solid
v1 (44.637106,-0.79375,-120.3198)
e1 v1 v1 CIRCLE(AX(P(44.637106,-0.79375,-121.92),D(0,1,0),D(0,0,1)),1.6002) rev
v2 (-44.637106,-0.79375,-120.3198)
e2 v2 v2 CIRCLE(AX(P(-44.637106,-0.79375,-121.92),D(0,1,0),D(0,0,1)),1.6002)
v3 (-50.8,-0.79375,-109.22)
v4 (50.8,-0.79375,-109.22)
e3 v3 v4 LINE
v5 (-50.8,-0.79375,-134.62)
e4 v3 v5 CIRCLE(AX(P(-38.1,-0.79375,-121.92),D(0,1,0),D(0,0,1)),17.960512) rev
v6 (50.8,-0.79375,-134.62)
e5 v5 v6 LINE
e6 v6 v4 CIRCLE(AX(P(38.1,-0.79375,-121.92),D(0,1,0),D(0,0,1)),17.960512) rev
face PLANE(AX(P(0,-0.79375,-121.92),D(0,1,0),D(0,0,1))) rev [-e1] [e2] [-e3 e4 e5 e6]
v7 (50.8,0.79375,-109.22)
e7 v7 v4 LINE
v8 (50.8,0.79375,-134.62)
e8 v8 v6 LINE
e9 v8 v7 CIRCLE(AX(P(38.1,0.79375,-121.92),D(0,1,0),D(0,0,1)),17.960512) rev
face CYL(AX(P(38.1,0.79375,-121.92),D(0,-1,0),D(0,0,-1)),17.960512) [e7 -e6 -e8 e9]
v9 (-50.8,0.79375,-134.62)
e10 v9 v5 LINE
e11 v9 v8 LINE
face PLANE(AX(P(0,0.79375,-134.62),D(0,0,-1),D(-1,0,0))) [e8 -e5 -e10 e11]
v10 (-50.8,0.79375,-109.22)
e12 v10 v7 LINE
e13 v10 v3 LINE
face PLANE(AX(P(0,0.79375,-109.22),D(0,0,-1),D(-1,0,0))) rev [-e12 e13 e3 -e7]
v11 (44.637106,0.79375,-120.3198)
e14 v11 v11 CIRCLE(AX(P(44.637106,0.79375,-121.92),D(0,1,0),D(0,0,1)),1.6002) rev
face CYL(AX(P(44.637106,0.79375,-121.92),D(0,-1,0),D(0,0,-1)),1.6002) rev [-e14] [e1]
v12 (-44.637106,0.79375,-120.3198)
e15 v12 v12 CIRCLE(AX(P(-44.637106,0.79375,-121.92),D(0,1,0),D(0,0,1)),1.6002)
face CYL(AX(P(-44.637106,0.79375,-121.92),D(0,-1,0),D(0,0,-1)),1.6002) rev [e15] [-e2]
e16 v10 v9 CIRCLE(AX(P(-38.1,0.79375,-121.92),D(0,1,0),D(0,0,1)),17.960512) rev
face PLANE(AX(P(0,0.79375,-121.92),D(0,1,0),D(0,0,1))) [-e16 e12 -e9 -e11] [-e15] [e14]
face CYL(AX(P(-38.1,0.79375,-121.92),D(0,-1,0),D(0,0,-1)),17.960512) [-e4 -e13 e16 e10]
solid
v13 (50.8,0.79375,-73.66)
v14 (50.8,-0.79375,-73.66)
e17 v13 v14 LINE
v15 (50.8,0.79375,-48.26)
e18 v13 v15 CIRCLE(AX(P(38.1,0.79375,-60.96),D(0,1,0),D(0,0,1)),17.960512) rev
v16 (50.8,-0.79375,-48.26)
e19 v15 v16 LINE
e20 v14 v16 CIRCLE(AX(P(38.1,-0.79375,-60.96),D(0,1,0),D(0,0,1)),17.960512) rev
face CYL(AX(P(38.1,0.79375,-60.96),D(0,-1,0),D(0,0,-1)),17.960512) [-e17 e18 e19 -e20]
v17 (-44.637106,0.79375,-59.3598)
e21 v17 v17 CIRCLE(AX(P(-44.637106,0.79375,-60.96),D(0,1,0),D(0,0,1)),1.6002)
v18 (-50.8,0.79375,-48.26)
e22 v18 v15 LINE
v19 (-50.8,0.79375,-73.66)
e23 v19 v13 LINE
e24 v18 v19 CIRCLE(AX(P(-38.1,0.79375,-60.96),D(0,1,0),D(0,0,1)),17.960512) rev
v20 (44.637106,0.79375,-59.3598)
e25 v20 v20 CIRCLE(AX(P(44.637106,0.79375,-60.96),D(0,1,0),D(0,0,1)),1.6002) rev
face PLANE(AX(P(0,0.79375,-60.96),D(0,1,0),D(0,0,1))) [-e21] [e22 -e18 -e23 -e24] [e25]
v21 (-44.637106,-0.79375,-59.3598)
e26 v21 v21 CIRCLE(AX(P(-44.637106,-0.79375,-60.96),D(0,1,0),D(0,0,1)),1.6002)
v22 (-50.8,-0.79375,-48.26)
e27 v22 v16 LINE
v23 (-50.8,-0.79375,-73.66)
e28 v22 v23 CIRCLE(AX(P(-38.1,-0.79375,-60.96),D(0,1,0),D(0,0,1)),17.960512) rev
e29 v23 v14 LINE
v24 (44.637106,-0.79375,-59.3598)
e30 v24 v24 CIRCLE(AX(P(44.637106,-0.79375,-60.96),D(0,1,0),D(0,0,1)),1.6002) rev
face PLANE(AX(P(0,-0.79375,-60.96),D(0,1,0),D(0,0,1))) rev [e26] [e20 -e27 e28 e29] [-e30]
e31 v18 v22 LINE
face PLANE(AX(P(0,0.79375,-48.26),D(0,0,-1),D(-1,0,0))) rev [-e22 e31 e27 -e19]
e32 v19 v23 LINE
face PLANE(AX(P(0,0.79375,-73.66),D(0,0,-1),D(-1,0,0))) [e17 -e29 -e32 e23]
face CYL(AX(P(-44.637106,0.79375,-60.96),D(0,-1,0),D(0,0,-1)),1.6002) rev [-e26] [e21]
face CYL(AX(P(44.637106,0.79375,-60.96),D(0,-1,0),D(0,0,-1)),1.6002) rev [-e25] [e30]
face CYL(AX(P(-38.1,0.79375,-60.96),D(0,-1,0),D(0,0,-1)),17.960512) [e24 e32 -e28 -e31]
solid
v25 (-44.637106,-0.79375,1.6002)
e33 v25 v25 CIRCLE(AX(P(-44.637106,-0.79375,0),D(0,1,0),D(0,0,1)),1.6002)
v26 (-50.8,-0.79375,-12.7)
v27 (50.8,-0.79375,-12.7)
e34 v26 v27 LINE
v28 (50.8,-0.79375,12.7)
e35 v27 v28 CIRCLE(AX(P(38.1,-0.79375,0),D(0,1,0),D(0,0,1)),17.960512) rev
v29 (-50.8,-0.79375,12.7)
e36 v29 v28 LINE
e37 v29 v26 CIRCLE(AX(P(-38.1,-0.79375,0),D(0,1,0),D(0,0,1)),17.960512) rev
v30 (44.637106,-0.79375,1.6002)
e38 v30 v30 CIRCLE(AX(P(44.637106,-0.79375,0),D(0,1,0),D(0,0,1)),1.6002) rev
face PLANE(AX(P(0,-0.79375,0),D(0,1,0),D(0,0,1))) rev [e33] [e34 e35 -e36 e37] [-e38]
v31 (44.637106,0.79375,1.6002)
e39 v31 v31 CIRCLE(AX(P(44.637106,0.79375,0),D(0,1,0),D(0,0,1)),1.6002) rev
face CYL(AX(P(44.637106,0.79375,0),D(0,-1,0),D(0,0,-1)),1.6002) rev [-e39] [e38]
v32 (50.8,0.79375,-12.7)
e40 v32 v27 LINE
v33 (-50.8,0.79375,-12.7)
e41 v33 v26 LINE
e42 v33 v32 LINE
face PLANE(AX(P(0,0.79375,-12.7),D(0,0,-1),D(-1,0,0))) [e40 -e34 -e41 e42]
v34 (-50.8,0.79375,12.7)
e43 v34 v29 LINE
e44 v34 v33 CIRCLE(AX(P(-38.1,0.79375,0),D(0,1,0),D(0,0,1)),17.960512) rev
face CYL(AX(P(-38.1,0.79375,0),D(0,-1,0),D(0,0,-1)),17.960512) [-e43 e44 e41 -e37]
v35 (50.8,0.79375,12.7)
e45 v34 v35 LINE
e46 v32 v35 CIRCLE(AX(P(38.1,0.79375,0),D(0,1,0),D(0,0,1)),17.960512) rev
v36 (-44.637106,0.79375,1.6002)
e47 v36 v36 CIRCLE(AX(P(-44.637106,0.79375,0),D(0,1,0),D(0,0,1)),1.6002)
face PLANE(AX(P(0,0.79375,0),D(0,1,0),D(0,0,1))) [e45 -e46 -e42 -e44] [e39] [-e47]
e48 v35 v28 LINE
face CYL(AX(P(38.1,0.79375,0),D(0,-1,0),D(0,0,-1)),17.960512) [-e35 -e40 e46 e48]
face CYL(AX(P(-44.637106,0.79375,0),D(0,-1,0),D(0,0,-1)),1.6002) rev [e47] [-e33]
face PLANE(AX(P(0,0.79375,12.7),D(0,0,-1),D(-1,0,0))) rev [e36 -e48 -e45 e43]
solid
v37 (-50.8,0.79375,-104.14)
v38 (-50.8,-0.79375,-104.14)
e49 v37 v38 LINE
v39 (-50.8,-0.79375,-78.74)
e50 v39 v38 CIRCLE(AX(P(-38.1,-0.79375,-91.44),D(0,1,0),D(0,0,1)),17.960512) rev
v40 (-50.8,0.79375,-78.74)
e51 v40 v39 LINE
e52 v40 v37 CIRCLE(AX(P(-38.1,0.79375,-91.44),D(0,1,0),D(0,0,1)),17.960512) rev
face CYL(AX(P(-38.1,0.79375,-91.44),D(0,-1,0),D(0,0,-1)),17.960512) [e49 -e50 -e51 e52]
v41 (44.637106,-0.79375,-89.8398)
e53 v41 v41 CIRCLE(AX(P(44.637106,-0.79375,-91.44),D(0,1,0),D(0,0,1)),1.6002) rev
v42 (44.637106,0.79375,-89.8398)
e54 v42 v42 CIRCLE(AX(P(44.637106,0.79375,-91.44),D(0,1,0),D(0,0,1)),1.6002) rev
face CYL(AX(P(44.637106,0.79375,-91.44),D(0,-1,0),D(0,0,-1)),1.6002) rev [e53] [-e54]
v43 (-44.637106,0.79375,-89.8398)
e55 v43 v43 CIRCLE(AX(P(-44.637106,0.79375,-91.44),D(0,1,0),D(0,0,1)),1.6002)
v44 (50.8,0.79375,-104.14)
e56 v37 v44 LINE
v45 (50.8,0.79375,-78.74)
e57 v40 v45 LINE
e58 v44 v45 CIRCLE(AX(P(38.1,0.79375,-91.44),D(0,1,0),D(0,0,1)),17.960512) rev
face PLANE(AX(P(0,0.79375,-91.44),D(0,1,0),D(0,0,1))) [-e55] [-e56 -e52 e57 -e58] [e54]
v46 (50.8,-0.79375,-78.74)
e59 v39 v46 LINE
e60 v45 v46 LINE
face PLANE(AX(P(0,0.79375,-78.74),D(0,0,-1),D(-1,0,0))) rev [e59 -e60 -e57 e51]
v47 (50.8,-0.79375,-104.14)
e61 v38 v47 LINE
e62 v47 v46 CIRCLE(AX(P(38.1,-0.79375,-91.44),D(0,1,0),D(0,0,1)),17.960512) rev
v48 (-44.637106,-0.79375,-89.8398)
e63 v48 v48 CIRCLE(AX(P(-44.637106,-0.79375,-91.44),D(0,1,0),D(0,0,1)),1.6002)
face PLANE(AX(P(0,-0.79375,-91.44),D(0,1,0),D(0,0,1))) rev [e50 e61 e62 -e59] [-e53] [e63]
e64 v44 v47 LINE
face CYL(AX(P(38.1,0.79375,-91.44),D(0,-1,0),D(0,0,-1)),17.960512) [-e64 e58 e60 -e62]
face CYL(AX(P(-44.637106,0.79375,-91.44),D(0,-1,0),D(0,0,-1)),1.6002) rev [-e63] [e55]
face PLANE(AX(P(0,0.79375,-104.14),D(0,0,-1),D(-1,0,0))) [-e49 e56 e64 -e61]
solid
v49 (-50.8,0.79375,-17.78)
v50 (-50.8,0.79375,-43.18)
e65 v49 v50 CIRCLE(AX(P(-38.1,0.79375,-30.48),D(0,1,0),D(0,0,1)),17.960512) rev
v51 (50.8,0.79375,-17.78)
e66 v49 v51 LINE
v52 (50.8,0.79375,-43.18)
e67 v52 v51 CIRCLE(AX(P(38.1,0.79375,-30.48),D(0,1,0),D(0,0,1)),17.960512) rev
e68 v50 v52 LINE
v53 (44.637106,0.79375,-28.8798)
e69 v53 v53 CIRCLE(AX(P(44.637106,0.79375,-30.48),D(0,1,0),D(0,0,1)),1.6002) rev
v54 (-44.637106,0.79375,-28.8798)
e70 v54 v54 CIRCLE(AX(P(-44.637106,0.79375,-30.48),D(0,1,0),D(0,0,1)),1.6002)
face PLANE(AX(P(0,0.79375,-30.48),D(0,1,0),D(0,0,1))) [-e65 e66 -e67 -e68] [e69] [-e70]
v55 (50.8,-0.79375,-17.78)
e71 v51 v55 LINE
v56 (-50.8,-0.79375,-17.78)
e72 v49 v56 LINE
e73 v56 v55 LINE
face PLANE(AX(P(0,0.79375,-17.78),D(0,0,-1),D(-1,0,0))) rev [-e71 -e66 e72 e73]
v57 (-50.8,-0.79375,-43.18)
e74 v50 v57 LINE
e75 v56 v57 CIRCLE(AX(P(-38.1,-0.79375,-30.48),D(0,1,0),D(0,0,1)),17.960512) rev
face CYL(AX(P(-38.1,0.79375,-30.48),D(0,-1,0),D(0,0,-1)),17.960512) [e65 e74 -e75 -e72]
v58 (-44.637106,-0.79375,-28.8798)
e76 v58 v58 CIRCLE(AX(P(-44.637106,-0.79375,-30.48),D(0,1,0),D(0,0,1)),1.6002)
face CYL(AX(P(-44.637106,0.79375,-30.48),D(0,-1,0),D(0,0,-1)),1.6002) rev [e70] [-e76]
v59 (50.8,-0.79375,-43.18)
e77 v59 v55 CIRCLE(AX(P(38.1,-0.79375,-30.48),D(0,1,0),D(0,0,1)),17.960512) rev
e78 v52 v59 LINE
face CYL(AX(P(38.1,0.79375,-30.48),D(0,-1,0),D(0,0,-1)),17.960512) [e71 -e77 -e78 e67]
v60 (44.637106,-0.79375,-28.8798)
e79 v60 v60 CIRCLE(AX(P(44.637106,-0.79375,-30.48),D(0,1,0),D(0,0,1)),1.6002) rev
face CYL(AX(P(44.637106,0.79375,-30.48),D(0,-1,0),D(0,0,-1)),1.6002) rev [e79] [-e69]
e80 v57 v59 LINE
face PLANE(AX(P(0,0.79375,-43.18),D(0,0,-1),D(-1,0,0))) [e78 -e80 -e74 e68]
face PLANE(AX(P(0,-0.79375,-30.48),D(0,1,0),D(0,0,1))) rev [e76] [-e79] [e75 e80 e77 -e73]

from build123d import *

# Parameters (mm, degrees)
SKETCH1_W           = 101.6
SKETCH1_H           = 25.4
SKETCH1_R           = 1.6002
BOSS_EXTRUDE1_DEPTH = 0.79375
LPATTERN1_COUNT     = 5
LPATTERN1_PITCH     = 30.48


with BuildPart() as part:
    # Sketch1 → Boss-Extrude1 (new body, symmetric)
    with BuildSketch(Plane(origin=(0, 0, 0), x_dir=(1, 0, 0), z_dir=(0, 1, 0))):
        Rectangle(SKETCH1_W, SKETCH1_H)
        with Locations((-44.637105686, 0)):
            Circle(SKETCH1_R, mode=Mode.SUBTRACT)
        with Locations((44.637105686, 0)):
            Circle(SKETCH1_R, mode=Mode.SUBTRACT)
        with BuildLine():
            ThreePointArc((-50.8, -12.7), (-56.060512242, 0), (-50.8, 12.7))
            Line((-50.8, 12.7), (-50.8, -12.7))
        make_face()
        with BuildLine():
            ThreePointArc((50.8, 12.7), (56.060512242, 0), (50.8, -12.7))
            Line((50.8, -12.7), (50.8, 12.7))
        make_face()
    extrude(amount=BOSS_EXTRUDE1_DEPTH, both=True)


with BuildPart() as lpattern1_1:
    # LPattern1: pattern copy
    add(part.part.moved(Location(Vector(0, 0, -1) * (1 * LPATTERN1_PITCH))))


with BuildPart() as lpattern1_2:
    # LPattern1: pattern copy
    add(part.part.moved(Location(Vector(0, 0, -1) * (2 * LPATTERN1_PITCH))))


with BuildPart() as lpattern1_3:
    # LPattern1: pattern copy
    add(part.part.moved(Location(Vector(0, 0, -1) * (3 * LPATTERN1_PITCH))))


with BuildPart() as lpattern1_4:
    # LPattern1: pattern copy
    add(part.part.moved(Location(Vector(0, 0, -1) * (4 * LPATTERN1_PITCH))))


solid = Compound([part.part, lpattern1_1.part, lpattern1_2.part, lpattern1_3.part, lpattern1_4.part])
